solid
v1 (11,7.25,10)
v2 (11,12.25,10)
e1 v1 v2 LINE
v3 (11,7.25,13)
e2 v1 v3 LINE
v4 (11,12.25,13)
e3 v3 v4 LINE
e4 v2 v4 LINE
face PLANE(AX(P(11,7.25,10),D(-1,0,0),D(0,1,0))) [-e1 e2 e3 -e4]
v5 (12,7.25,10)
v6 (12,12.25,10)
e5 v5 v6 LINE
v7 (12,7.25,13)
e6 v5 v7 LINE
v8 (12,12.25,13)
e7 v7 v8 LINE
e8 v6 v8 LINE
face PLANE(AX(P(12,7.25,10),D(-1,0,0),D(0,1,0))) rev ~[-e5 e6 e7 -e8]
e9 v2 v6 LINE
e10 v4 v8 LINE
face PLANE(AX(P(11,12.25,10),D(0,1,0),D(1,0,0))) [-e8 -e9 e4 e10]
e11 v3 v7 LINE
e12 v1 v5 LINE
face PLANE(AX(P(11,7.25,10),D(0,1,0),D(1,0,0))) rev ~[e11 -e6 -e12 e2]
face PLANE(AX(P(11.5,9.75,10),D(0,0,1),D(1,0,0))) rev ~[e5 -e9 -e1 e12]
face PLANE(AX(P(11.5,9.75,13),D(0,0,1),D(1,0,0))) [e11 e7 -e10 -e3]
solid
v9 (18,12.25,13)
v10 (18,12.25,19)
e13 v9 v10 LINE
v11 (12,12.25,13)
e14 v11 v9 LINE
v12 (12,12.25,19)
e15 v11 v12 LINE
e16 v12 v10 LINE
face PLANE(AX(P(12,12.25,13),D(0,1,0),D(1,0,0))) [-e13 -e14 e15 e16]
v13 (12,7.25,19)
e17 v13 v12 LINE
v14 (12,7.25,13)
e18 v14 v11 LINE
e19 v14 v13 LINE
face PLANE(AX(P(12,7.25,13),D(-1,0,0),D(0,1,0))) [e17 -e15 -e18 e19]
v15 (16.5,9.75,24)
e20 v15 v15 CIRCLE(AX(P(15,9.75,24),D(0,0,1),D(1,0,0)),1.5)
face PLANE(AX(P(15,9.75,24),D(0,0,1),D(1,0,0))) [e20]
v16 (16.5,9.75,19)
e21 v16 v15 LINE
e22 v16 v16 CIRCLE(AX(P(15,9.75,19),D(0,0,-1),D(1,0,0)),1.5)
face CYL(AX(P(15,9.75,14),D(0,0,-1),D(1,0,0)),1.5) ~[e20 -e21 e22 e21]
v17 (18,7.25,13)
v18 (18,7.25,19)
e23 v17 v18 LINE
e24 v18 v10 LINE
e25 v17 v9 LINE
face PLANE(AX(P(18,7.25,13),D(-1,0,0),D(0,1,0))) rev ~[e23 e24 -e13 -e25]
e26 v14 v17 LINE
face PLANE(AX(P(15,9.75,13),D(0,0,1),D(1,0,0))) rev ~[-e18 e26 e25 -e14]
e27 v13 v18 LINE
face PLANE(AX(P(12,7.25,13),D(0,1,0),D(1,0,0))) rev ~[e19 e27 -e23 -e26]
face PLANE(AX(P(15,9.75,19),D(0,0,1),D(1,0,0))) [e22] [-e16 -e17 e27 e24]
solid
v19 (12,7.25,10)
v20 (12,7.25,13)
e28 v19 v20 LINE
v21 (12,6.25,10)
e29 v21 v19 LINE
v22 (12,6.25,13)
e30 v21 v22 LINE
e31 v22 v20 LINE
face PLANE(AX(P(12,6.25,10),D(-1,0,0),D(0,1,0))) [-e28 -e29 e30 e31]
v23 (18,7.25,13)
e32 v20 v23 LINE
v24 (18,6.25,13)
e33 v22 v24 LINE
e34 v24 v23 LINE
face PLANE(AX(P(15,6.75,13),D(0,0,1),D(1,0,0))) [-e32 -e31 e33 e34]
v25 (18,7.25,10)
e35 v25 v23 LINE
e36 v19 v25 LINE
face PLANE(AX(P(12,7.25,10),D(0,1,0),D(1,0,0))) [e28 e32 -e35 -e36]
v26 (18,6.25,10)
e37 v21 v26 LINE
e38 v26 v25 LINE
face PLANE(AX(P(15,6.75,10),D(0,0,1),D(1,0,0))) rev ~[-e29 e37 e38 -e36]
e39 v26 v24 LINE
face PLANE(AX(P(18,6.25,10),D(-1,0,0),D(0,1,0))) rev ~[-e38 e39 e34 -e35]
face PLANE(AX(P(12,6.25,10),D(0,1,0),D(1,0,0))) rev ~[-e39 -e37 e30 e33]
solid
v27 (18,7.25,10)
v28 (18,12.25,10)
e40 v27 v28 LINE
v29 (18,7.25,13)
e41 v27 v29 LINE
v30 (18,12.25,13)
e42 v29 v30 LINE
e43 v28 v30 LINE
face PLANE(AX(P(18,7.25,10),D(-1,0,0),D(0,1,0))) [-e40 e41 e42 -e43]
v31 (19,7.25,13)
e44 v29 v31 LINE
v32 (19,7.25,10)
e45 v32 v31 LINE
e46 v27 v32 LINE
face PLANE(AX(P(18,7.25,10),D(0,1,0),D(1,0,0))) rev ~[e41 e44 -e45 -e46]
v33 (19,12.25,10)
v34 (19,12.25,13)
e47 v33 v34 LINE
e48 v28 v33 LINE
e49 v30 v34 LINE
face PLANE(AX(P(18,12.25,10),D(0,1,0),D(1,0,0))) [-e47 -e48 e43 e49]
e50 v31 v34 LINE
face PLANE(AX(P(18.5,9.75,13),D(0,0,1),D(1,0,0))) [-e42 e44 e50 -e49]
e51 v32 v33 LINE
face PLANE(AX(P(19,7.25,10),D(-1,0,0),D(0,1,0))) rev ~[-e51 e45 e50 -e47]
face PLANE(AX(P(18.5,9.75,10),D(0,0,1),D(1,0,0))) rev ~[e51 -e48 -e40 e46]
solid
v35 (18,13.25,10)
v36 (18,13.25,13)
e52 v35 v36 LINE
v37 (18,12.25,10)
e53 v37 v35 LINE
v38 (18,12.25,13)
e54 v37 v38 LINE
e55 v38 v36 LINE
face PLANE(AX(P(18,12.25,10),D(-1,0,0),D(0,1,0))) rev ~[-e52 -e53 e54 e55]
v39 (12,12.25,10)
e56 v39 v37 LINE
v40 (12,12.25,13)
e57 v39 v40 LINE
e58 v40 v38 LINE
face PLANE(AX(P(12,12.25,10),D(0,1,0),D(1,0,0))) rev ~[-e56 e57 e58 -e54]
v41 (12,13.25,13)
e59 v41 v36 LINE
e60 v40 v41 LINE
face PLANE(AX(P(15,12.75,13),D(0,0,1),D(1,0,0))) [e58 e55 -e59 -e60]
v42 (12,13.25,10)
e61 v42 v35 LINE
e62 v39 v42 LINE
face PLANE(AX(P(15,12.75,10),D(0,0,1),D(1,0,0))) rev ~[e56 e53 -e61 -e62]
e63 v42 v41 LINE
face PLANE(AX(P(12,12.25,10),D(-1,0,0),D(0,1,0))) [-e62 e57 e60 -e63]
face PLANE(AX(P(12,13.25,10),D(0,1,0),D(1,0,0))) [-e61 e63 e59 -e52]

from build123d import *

# Parameters (mm, degrees)
CYLINDER_R     = 1.5
CYLINDER_DEPTH = 10
BOX004_W       = 1
BOX004_H       = 5
BOX004_DEPTH   = 3
BOX005_W       = 1
BOX005_H       = 5
BOX005_DEPTH   = 3
BOX006_W       = 6
BOX006_H       = 1
BOX006_DEPTH   = 3
BOX007_W       = 6
BOX007_H       = 1
BOX007_DEPTH   = 3
BOX003_W       = 6
BOX003_H       = 5
BOX003_DEPTH   = 6


with BuildPart() as cylinder:
    # Cylinder → Cylinder (new body)
    with BuildSketch(Plane(origin=(15, 9.75, 10), x_dir=(1, 0, 0), z_dir=(0, 0, 1))):
        Circle(CYLINDER_R)
    extrude(amount=CYLINDER_DEPTH)


with BuildPart() as box004:
    # Box004 → Box004 (new body)
    with BuildSketch(Plane(origin=(11, 7.25, 6), x_dir=(1, 0, 0), z_dir=(0, 0, 1))):
        with Locations((0.5, 2.5)):
            Rectangle(BOX004_W, BOX004_H)
    extrude(amount=BOX004_DEPTH)


with BuildPart() as box005:
    # Box005 → Box005 (new body)
    with BuildSketch(Plane(origin=(18, 7.25, 6), x_dir=(1, 0, 0), z_dir=(0, 0, 1))):
        with Locations((0.5, 2.5)):
            Rectangle(BOX005_W, BOX005_H)
    extrude(amount=BOX005_DEPTH)


with BuildPart() as box006:
    # Box006 → Box006 (new body)
    with BuildSketch(Plane(origin=(12, 6.25, 6), x_dir=(1, 0, 0), z_dir=(0, 0, 1))):
        with Locations((3, 0.5)):
            Rectangle(BOX006_W, BOX006_H)
    extrude(amount=BOX006_DEPTH)


with BuildPart() as box007:
    # Box007 → Box007 (new body)
    with BuildSketch(Plane(origin=(12, 12.25, 6), x_dir=(1, 0, 0), z_dir=(0, 0, 1))):
        with Locations((3, 0.5)):
            Rectangle(BOX007_W, BOX007_H)
    extrude(amount=BOX007_DEPTH)


with BuildPart() as bt_ex1:
    # Box003 → Box003 (new body)
    with BuildSketch(Plane(origin=(12, 7.25, 9), x_dir=(1, 0, 0), z_dir=(0, 0, 1))):
        with Locations((3, 2.5)):
            Rectangle(BOX003_W, BOX003_H)
    extrude(amount=BOX003_DEPTH)

    # Fusion: union Box004, Box005, Box006, Box007
    add(box004.part)
    add(box005.part)
    add(box006.part)
    add(box007.part)

    # Fusion005: union Cylinder
    add(cylinder.part)


with BuildPart() as bt_ex1_1:
    # Fusion005 placement: moved
    add(bt_ex1.part.moved(Location((0, 0, 4))))


solid = bt_ex1_1.part
